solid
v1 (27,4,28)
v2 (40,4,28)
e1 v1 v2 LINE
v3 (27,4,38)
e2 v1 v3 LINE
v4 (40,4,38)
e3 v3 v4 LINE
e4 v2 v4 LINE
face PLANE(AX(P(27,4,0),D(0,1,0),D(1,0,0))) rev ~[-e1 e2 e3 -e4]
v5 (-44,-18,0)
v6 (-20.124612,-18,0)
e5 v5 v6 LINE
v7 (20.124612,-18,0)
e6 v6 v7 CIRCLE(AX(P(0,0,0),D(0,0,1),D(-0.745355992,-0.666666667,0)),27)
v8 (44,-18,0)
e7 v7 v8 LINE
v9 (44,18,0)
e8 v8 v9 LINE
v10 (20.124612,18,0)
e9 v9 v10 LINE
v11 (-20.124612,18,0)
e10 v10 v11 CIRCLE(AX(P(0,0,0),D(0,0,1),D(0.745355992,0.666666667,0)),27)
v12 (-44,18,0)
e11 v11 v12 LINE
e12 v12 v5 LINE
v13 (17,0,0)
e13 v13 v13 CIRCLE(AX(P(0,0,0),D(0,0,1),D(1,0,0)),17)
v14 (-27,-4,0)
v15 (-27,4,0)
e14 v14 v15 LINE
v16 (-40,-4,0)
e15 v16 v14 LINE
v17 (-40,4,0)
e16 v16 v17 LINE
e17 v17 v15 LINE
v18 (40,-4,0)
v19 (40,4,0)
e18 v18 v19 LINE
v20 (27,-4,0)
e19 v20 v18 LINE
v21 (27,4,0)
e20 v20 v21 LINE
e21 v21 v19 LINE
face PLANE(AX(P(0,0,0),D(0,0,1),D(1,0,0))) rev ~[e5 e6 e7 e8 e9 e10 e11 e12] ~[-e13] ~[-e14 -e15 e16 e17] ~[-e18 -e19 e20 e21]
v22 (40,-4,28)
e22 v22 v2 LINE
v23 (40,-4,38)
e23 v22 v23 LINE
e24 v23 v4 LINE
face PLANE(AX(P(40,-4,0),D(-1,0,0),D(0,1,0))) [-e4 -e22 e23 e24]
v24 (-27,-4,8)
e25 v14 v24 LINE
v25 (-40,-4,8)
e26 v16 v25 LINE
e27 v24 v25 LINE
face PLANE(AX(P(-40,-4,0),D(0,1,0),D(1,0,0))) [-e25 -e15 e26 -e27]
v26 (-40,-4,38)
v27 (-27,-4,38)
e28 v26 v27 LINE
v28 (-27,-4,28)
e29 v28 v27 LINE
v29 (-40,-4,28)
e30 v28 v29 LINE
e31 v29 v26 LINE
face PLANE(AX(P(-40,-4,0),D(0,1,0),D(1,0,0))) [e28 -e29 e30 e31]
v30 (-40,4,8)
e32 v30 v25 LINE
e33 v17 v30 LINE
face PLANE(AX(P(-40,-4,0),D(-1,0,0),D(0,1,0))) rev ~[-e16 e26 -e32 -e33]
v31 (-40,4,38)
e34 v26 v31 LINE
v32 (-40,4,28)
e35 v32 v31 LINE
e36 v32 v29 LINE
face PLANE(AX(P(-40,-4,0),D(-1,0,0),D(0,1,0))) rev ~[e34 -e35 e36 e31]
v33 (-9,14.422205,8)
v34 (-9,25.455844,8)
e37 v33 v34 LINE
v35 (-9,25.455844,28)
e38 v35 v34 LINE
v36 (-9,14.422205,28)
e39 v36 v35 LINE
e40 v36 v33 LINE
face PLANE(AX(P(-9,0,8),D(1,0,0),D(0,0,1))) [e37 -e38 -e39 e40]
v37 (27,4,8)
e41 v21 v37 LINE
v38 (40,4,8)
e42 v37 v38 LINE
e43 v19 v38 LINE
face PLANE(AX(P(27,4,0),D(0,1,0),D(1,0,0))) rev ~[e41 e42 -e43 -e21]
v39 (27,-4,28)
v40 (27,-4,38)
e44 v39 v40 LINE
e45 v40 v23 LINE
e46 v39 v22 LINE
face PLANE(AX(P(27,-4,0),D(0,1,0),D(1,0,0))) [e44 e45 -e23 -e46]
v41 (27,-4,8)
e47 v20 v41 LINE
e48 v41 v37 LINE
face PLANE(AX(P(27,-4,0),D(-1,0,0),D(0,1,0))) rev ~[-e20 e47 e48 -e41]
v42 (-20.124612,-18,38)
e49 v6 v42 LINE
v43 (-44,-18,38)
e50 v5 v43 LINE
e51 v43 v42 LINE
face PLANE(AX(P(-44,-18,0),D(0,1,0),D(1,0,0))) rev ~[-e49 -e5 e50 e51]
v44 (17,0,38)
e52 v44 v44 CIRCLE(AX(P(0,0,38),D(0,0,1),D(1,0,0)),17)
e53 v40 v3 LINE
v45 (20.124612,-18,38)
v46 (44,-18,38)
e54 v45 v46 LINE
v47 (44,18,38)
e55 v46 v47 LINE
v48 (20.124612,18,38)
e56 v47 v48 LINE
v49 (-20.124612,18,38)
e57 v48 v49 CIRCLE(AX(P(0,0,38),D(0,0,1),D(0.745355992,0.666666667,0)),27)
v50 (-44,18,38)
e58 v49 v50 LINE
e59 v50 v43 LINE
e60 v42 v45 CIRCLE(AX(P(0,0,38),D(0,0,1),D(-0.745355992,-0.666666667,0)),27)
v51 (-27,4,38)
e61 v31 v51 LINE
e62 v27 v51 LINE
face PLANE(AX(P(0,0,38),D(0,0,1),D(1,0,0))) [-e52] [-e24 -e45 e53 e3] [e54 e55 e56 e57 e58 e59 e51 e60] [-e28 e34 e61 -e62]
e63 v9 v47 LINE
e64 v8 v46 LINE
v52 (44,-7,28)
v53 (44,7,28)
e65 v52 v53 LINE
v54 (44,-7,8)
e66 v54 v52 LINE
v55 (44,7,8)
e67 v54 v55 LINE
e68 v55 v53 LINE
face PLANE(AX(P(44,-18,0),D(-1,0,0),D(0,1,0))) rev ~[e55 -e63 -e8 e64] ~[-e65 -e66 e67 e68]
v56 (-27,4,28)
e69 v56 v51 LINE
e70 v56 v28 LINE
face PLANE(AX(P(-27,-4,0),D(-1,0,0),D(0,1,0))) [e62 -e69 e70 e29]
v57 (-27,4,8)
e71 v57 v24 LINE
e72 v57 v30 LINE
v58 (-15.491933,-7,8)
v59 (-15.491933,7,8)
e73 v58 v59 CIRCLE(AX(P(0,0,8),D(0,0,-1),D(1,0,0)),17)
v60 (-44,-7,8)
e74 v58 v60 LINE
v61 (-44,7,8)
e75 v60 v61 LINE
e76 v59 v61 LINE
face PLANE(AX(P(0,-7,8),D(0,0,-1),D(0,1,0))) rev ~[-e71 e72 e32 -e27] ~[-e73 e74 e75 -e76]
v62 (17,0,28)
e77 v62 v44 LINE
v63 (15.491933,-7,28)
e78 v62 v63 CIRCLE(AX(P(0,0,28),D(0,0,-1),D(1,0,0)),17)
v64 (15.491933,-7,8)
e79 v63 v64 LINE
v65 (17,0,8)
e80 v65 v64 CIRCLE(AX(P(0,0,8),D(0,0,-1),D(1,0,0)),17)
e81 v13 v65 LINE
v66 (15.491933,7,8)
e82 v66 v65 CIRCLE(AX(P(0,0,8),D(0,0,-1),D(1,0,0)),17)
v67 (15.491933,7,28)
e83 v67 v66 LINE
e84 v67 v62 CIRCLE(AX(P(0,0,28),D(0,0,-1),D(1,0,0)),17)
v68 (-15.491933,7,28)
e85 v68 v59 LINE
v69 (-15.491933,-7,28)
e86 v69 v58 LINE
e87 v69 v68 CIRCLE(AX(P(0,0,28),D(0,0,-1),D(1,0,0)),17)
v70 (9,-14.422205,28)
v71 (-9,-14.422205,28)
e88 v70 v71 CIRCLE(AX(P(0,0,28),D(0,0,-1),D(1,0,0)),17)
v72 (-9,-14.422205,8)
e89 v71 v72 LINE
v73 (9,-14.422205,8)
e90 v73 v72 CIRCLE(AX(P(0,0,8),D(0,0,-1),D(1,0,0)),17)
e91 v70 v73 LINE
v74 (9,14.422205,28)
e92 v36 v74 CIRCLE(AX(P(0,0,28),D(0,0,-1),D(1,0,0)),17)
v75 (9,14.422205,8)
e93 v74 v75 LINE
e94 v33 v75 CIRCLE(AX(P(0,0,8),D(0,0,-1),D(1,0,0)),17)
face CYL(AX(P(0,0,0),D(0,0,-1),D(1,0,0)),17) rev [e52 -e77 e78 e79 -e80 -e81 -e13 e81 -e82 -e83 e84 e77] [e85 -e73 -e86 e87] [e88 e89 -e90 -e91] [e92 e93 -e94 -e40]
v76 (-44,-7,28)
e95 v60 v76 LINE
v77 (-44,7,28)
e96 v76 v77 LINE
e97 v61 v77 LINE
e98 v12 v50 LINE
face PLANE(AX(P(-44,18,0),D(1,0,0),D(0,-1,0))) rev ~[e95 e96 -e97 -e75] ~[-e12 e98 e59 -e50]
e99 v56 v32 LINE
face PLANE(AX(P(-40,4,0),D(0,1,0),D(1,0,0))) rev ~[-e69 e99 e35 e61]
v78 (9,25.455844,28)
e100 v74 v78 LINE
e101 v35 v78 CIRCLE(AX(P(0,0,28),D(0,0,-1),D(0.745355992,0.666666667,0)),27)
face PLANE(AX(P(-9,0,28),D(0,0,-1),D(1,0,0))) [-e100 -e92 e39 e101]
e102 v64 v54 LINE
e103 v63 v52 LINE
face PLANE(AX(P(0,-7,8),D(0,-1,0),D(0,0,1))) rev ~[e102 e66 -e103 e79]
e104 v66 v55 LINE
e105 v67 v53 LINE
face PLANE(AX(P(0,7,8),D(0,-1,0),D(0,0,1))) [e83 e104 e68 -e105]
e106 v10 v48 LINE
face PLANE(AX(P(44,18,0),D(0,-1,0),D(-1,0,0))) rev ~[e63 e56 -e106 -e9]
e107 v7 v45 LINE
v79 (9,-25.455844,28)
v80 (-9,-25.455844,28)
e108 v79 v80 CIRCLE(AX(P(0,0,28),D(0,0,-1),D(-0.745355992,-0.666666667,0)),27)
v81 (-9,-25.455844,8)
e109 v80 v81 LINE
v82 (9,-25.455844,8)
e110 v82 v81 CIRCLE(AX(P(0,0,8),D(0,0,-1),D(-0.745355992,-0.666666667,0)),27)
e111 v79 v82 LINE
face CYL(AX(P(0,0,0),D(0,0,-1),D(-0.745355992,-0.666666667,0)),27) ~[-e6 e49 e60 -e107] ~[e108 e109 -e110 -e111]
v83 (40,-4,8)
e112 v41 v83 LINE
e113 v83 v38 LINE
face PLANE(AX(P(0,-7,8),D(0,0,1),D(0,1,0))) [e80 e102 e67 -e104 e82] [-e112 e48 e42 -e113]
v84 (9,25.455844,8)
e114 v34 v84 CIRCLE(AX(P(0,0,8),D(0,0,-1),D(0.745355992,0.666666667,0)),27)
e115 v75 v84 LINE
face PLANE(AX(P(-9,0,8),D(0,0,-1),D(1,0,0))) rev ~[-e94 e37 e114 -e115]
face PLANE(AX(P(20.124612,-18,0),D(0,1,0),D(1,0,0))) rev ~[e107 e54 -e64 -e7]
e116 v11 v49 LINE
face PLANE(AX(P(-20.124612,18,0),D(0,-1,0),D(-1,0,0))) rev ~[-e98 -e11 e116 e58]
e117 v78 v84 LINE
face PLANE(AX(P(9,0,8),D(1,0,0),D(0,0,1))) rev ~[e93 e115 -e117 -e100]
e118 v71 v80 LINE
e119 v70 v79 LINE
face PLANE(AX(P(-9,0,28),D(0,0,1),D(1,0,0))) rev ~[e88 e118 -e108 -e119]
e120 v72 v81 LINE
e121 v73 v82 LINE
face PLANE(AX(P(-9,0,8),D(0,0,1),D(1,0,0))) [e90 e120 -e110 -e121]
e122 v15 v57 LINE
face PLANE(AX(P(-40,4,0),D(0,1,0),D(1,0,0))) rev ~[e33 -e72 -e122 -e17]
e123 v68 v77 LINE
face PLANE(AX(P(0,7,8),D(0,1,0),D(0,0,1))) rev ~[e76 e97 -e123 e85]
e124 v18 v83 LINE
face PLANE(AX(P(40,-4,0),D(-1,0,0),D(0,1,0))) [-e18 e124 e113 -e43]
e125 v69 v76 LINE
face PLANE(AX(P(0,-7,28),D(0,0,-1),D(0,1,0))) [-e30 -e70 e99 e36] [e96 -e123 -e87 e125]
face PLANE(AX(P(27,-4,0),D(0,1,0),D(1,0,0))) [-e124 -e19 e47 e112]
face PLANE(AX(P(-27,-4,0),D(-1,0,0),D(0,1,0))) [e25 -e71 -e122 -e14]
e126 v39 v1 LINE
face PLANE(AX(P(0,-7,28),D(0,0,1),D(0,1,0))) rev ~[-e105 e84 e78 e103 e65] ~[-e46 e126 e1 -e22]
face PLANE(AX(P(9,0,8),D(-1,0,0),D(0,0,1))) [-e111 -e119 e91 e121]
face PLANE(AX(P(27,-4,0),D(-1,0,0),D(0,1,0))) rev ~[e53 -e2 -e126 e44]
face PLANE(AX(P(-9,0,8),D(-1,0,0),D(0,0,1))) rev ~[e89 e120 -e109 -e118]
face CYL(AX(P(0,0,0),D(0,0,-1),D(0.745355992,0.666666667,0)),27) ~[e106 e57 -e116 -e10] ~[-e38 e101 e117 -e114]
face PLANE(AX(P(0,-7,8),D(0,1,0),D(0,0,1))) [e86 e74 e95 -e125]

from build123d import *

# Parameters (mm, degrees)
F0_W          = 13
F0_H          = 8
F0_R          = 17
F4_DEPTH      = 38
F1_W          = 18
F1_H          = 20
F2_DEPTH      = 27.001
F2_DEPTH_BACK = 62.1113795787
F5_W          = 14
F5_H          = 20
F3_DEPTH      = 44.001
F3_DEPTH_BACK = 80.9124279767


with BuildPart() as f4:
    # F0 (on Top) → F4 (new body)
    with BuildSketch(Plane.XY):
        with BuildLine():
            Line((20.1246117975, -18), (44, -18))
            Line((44, -18), (44, 18))
            Line((44, 18), (20.1246117975, 18))
            ThreePointArc((20.1246117975, 18), (0, 27), (-20.1246117975, 18))
            Line((-20.1246117975, 18), (-44, 18))
            Line((-44, 18), (-44, -18))
            Line((-44, -18), (-20.1246117975, -18))
            ThreePointArc((-20.1246117975, -18), (0, -27), (20.1246117975, -18))
        make_face()
        with Locations((-33.5, 0)):
            Rectangle(F0_W, F0_H, mode=Mode.SUBTRACT)
        Circle(F0_R, mode=Mode.SUBTRACT)
        with Locations((33.5, 0)):
            Rectangle(F0_W, F0_H, mode=Mode.SUBTRACT)
    extrude(amount=F4_DEPTH)

    # F1 (on Front) → F2 (cut, two sides)
    with BuildSketch(Plane.XZ) as f2_sk:
        with Locations((0, 18)):
            Rectangle(F1_W, F1_H)
    extrude(amount=F2_DEPTH, mode=Mode.SUBTRACT)
    extrude(f2_sk.sketch, amount=-F2_DEPTH_BACK, mode=Mode.SUBTRACT)

    # F5 (on Right) → F3 (cut, two sides)
    with BuildSketch(Plane.YZ) as f3_sk:
        with Locations((0, 18)):
            Rectangle(F5_W, F5_H)
    extrude(amount=-F3_DEPTH, mode=Mode.SUBTRACT)
    extrude(f3_sk.sketch, amount=F3_DEPTH_BACK, mode=Mode.SUBTRACT)


solid = f4.part
